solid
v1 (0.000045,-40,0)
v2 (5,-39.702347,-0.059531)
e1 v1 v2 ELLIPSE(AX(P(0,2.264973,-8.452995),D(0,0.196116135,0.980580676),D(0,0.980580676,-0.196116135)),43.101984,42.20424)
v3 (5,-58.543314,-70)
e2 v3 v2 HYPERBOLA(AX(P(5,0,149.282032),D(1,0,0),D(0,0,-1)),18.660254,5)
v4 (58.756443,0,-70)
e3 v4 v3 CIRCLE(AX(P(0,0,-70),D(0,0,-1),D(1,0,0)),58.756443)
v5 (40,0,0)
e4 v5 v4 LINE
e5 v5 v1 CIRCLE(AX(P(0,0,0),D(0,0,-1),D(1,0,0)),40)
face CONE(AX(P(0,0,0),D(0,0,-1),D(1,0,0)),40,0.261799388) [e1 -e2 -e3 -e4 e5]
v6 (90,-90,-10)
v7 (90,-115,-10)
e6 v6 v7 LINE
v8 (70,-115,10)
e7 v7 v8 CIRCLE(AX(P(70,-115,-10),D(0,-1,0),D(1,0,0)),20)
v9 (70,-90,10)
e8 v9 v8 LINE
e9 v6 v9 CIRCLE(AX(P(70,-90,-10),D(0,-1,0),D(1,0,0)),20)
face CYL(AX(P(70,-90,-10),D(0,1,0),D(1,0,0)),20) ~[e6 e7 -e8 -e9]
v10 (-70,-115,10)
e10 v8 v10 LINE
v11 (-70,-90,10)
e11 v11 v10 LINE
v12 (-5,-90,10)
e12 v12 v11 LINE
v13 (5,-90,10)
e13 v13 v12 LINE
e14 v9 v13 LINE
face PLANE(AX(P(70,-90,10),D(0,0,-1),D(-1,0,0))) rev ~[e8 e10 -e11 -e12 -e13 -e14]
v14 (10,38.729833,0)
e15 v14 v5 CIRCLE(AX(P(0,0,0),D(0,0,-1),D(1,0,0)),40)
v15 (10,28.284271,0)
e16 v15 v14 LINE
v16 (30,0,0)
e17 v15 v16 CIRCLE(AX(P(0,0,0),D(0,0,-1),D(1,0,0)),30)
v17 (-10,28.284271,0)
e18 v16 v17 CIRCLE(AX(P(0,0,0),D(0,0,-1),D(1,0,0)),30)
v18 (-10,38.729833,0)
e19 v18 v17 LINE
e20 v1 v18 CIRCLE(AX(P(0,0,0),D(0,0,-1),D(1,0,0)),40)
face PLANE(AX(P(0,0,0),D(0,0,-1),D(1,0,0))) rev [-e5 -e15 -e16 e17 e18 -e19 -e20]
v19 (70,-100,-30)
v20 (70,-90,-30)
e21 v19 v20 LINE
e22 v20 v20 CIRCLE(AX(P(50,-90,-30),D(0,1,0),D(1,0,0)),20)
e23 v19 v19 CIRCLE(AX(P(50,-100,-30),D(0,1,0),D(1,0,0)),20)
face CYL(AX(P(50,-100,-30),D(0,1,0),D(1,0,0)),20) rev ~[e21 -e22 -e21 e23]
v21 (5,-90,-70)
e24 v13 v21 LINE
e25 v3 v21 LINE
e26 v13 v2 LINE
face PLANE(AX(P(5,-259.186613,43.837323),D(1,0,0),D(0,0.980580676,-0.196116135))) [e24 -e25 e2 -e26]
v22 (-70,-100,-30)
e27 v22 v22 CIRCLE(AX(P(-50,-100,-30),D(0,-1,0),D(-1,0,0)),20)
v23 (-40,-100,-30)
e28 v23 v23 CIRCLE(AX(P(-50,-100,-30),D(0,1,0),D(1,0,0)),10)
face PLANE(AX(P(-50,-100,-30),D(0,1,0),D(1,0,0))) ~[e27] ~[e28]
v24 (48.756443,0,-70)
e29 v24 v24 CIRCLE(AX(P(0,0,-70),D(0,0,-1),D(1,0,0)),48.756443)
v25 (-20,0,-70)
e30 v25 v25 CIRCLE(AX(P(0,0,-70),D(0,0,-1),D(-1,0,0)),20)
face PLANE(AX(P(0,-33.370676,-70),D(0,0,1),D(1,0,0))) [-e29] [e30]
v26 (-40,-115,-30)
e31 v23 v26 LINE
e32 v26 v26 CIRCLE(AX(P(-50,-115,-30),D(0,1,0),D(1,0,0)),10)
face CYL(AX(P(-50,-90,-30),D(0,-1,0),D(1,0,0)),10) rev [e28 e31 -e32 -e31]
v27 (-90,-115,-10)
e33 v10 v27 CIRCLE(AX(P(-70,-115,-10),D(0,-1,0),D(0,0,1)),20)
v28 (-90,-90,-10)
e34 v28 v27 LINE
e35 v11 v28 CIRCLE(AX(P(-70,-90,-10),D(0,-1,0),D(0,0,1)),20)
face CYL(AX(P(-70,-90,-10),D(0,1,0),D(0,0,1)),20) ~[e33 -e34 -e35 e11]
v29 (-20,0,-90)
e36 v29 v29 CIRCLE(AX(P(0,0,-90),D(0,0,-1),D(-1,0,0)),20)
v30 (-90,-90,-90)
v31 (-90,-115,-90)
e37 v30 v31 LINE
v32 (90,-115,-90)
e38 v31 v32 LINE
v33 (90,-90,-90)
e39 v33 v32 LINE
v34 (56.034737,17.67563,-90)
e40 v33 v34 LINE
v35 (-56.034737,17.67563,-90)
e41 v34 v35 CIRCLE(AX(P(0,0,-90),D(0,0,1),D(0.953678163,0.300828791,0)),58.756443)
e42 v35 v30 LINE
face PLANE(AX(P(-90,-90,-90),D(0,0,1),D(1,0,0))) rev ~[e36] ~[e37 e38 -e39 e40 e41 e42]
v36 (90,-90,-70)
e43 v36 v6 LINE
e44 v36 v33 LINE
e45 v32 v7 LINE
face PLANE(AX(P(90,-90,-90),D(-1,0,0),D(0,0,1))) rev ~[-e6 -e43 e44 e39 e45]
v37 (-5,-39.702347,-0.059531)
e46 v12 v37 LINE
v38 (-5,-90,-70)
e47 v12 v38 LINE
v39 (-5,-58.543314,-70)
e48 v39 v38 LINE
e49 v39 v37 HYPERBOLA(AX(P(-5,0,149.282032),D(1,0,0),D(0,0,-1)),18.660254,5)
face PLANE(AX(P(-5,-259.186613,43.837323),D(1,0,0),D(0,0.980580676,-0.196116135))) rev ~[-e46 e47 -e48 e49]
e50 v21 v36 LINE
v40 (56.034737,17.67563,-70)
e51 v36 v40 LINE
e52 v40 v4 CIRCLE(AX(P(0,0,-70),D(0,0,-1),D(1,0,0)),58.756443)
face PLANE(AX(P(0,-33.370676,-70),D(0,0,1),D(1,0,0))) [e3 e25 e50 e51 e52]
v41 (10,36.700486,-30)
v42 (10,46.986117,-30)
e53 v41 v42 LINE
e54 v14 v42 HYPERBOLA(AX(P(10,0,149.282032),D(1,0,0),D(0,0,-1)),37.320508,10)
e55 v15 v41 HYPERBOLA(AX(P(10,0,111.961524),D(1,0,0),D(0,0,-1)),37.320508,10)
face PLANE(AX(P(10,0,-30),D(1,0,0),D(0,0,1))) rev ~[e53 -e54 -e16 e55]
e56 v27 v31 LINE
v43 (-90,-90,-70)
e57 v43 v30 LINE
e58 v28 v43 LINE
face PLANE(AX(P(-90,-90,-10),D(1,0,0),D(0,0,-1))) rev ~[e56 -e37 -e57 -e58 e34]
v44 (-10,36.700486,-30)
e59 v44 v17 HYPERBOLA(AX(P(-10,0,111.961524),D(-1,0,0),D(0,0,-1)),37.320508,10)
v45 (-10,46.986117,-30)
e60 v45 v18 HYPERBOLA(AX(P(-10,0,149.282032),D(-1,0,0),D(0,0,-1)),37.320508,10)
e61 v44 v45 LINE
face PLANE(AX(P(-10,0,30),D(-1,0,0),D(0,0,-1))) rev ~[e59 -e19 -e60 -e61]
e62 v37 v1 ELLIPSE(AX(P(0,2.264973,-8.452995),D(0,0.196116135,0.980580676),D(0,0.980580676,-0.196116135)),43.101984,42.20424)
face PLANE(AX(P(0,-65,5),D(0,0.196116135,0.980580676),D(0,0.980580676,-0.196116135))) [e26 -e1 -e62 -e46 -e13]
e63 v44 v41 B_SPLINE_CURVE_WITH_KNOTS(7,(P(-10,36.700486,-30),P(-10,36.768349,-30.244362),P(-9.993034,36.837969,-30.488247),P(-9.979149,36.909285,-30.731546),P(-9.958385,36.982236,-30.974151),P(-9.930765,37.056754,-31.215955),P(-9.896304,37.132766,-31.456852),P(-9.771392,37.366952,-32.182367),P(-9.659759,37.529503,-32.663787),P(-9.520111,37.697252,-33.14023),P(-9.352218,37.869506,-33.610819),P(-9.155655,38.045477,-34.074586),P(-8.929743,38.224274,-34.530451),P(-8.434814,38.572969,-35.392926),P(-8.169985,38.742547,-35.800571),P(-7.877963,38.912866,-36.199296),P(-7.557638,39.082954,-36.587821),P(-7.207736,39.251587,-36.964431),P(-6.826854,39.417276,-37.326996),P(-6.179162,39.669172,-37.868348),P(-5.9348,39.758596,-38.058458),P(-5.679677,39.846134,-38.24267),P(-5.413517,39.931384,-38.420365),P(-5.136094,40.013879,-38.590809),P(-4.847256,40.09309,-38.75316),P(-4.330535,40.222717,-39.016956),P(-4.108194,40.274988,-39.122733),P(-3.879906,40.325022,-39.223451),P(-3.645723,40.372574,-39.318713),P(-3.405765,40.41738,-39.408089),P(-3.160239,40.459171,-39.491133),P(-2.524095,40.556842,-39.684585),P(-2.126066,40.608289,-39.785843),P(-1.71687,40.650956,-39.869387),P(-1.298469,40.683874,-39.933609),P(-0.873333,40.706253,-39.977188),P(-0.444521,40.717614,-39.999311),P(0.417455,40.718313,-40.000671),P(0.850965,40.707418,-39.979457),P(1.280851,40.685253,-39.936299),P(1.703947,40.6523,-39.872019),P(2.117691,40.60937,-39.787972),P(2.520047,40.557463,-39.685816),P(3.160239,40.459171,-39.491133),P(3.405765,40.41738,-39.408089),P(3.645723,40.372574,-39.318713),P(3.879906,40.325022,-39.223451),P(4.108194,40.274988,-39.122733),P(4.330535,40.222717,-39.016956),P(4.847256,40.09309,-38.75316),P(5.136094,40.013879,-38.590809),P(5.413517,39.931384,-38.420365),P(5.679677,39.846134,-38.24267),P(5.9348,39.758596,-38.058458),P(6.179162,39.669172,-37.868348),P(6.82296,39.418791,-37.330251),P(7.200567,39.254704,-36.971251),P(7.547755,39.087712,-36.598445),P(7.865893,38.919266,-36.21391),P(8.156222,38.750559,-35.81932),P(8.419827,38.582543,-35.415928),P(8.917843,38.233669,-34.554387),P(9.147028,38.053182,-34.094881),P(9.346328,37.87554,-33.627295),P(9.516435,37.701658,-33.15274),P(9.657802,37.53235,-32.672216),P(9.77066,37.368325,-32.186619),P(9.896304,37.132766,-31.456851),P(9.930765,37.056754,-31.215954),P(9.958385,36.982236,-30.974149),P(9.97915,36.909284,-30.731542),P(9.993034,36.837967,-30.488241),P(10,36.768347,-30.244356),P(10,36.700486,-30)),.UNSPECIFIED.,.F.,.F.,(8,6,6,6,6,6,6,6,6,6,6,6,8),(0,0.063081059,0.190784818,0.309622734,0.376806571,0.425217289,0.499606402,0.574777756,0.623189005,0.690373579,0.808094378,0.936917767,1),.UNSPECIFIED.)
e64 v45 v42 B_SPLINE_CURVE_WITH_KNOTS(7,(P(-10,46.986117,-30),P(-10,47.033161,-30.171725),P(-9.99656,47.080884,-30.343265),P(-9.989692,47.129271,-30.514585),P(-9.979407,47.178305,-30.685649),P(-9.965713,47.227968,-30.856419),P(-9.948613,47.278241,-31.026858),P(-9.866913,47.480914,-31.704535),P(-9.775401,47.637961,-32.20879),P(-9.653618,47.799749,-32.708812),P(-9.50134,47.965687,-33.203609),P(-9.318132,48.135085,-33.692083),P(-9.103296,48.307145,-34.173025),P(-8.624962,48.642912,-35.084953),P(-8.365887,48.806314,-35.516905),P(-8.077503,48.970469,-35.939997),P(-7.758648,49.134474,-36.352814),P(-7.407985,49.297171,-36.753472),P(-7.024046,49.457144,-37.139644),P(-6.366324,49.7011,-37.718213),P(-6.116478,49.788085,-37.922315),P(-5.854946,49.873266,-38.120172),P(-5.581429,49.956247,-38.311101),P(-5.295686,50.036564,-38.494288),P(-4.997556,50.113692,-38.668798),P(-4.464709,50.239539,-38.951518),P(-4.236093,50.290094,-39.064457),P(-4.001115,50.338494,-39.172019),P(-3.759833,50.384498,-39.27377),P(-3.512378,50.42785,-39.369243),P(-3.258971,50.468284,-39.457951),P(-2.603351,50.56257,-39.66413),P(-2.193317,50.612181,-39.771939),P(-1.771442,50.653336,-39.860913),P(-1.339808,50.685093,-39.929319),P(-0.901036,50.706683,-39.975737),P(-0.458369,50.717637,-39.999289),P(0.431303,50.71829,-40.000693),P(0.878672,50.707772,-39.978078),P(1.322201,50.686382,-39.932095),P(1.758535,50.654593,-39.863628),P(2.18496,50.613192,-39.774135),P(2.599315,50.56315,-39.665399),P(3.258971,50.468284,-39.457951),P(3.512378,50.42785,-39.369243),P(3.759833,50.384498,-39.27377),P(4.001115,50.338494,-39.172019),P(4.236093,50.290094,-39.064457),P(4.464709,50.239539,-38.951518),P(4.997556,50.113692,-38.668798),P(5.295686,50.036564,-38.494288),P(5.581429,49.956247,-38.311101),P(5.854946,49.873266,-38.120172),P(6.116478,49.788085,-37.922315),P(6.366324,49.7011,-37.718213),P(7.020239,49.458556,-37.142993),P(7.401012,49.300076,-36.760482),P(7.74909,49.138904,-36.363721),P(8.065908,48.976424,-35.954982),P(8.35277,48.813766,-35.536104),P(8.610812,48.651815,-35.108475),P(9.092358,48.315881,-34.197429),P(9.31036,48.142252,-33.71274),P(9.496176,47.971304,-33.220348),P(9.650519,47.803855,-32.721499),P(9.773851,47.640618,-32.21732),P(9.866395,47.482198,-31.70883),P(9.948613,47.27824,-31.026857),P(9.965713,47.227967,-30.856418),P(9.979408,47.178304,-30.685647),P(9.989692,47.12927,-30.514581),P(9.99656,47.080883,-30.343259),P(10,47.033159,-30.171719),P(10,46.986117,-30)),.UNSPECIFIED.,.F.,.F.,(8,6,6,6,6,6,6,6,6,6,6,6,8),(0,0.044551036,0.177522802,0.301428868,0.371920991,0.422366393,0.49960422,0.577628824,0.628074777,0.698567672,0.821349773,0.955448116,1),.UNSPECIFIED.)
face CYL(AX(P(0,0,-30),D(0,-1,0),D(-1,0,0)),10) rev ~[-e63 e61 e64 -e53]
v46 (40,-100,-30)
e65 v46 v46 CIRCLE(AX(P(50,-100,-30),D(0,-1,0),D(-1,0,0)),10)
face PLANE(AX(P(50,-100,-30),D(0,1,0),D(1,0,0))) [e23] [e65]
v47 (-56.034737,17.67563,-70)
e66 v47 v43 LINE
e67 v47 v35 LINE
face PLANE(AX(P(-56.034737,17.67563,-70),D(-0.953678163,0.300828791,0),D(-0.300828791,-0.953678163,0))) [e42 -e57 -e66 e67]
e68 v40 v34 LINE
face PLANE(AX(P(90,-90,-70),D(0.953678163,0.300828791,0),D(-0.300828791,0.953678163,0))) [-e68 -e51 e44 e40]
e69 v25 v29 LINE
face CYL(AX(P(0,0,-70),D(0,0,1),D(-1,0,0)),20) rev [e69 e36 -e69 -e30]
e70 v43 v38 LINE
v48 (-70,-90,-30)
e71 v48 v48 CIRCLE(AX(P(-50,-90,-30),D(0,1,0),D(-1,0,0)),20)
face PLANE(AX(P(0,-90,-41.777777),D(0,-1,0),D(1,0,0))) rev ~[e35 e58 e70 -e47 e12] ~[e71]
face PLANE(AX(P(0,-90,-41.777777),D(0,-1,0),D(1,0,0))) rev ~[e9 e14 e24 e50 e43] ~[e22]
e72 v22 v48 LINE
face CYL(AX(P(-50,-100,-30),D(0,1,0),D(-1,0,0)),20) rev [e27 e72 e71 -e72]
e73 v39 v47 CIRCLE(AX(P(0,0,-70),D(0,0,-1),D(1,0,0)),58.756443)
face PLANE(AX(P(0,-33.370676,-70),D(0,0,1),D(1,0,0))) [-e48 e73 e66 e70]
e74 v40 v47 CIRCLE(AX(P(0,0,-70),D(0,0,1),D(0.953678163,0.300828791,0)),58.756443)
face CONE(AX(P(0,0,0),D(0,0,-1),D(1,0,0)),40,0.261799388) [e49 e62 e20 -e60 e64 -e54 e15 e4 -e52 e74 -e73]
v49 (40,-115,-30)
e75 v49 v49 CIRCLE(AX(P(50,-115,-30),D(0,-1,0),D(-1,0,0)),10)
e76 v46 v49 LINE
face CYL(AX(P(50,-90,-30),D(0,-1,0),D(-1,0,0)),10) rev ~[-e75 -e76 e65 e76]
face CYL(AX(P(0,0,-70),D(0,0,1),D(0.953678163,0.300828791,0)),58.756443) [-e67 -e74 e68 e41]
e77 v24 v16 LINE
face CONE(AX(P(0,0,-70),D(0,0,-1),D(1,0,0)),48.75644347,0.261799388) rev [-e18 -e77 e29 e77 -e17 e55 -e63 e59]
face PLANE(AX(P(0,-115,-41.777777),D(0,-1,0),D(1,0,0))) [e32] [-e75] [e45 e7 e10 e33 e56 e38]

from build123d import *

# Parameters (mm, degrees)
SKETCH2_R           = 20
BOSS_EXTRUDE1_DEPTH = 20
BOSS_EXTRUDE2_DEPTH = 25
CUT_EXTRUDE1_DEPTH  = 172.537167984
RIB1_REACH          = 173.537
SKETCH5_WALL_W      = 396.064531104
SKETCH5_WALL_H      = 10
HOLE1_D             = 20
HOLE1_DEPTH         = 25
HOLE1_CBORE_D       = 40
HOLE1_CBORE_DEPTH   = 10


with BuildPart() as part:
    # Sketch1 → Revolve1 (revolve)
    with BuildSketch(Plane(origin=(0, 0, 0), x_dir=(0, 0, -1), z_dir=(1, 0, 0)), mode=Mode.PRIVATE) as revolve1_sk:
        Polygon((0, 30), (0, 40), (70, 58.75644347), (70, 48.75644347), align=None)
    revolve(revolve1_sk.sketch.rotate(Axis((0, 0, 0), (0, 0, -1)), 90), axis=Axis((0, 0, 0), (0, 0, -1)))

    # Sketch2 → Boss-Extrude1 (add)
    with BuildSketch(Plane(origin=(0, 0, -70), x_dir=(-1, 0, 0), z_dir=(0, 0, -1))):
        with BuildLine():
            Line((90, -90), (-90, -90))
            Line((-90, -90), (-56.03473707, 17.675629856))
            ThreePointArc((-56.03473707, 17.675629856), (0, 58.75644347), (56.03473707, 17.675629856))
            Line((56.03473707, 17.675629856), (90, -90))
        make_face()
        Circle(SKETCH2_R, mode=Mode.SUBTRACT)
    extrude(amount=BOSS_EXTRUDE1_DEPTH)

    # Sketch3 → Boss-Extrude2 (add)
    with BuildSketch(Plane.XZ.offset(90)):
        with BuildLine():
            Line((-90, -90), (90, -90))
            Line((90, -90), (90, -10))
            ThreePointArc((90, -10), (84.142135624, 4.142135624), (70, 10))
            Line((70, 10), (-70, 10))
            ThreePointArc((-70, 10), (-84.142135624, 4.142135624), (-90, -10))
            Line((-90, -10), (-90, -90))
        make_face()
    extrude(amount=BOSS_EXTRUDE2_DEPTH)

    # Sketch4 → Cut-Extrude1 (cut, through all)
    with BuildSketch(Plane(origin=(0, 0, 0), x_dir=(1, 0, 0), z_dir=(0, 1, 0))):
        with BuildLine():
            Line((-10, -30), (-10, 30))
            ThreePointArc((-10, 30), (0, 40), (10, 30))
            Line((10, 30), (10, -30))
            ThreePointArc((10, -30), (0, -40), (-10, -30))
        make_face()
    extrude(amount=CUT_EXTRUDE1_DEPTH, mode=Mode.SUBTRACT)

    # Sketch5 wall → Rib1 (add, up to next)
    with BuildSketch(Plane(origin=(0, -65, 5), x_dir=(0, 0.980580675691, -0.196116135138), z_dir=(0, 0.196116135138, 0.980580675691)), mode=Mode.PRIVATE) as rib1_sk1:
        Rectangle(SKETCH5_WALL_W, SKETCH5_WALL_H)
    rib1_tool1 = extrude(rib1_sk1.sketch, amount=-RIB1_REACH, mode=Mode.PRIVATE) - part.part
    add(rib1_tool1.solids().sort_by_distance((0, -65, 5))[0])

    # Hole1
    with Locations(Plane(origin=(0, -90, 0), x_dir=(1, 0, 0), z_dir=(0, 1, 0))):
        with Locations((50, 30)):
            hole1 = CounterBoreHole(HOLE1_D / 2, HOLE1_CBORE_D / 2, HOLE1_CBORE_DEPTH, depth=HOLE1_DEPTH)

    # Mirror1: Hole1 across plane
    add(hole1.mirror(Plane(origin=(0, 0, 0), x_dir=(0, 0, 1), z_dir=(1, 0, 0))), mode=Mode.SUBTRACT)


solid = part.part
